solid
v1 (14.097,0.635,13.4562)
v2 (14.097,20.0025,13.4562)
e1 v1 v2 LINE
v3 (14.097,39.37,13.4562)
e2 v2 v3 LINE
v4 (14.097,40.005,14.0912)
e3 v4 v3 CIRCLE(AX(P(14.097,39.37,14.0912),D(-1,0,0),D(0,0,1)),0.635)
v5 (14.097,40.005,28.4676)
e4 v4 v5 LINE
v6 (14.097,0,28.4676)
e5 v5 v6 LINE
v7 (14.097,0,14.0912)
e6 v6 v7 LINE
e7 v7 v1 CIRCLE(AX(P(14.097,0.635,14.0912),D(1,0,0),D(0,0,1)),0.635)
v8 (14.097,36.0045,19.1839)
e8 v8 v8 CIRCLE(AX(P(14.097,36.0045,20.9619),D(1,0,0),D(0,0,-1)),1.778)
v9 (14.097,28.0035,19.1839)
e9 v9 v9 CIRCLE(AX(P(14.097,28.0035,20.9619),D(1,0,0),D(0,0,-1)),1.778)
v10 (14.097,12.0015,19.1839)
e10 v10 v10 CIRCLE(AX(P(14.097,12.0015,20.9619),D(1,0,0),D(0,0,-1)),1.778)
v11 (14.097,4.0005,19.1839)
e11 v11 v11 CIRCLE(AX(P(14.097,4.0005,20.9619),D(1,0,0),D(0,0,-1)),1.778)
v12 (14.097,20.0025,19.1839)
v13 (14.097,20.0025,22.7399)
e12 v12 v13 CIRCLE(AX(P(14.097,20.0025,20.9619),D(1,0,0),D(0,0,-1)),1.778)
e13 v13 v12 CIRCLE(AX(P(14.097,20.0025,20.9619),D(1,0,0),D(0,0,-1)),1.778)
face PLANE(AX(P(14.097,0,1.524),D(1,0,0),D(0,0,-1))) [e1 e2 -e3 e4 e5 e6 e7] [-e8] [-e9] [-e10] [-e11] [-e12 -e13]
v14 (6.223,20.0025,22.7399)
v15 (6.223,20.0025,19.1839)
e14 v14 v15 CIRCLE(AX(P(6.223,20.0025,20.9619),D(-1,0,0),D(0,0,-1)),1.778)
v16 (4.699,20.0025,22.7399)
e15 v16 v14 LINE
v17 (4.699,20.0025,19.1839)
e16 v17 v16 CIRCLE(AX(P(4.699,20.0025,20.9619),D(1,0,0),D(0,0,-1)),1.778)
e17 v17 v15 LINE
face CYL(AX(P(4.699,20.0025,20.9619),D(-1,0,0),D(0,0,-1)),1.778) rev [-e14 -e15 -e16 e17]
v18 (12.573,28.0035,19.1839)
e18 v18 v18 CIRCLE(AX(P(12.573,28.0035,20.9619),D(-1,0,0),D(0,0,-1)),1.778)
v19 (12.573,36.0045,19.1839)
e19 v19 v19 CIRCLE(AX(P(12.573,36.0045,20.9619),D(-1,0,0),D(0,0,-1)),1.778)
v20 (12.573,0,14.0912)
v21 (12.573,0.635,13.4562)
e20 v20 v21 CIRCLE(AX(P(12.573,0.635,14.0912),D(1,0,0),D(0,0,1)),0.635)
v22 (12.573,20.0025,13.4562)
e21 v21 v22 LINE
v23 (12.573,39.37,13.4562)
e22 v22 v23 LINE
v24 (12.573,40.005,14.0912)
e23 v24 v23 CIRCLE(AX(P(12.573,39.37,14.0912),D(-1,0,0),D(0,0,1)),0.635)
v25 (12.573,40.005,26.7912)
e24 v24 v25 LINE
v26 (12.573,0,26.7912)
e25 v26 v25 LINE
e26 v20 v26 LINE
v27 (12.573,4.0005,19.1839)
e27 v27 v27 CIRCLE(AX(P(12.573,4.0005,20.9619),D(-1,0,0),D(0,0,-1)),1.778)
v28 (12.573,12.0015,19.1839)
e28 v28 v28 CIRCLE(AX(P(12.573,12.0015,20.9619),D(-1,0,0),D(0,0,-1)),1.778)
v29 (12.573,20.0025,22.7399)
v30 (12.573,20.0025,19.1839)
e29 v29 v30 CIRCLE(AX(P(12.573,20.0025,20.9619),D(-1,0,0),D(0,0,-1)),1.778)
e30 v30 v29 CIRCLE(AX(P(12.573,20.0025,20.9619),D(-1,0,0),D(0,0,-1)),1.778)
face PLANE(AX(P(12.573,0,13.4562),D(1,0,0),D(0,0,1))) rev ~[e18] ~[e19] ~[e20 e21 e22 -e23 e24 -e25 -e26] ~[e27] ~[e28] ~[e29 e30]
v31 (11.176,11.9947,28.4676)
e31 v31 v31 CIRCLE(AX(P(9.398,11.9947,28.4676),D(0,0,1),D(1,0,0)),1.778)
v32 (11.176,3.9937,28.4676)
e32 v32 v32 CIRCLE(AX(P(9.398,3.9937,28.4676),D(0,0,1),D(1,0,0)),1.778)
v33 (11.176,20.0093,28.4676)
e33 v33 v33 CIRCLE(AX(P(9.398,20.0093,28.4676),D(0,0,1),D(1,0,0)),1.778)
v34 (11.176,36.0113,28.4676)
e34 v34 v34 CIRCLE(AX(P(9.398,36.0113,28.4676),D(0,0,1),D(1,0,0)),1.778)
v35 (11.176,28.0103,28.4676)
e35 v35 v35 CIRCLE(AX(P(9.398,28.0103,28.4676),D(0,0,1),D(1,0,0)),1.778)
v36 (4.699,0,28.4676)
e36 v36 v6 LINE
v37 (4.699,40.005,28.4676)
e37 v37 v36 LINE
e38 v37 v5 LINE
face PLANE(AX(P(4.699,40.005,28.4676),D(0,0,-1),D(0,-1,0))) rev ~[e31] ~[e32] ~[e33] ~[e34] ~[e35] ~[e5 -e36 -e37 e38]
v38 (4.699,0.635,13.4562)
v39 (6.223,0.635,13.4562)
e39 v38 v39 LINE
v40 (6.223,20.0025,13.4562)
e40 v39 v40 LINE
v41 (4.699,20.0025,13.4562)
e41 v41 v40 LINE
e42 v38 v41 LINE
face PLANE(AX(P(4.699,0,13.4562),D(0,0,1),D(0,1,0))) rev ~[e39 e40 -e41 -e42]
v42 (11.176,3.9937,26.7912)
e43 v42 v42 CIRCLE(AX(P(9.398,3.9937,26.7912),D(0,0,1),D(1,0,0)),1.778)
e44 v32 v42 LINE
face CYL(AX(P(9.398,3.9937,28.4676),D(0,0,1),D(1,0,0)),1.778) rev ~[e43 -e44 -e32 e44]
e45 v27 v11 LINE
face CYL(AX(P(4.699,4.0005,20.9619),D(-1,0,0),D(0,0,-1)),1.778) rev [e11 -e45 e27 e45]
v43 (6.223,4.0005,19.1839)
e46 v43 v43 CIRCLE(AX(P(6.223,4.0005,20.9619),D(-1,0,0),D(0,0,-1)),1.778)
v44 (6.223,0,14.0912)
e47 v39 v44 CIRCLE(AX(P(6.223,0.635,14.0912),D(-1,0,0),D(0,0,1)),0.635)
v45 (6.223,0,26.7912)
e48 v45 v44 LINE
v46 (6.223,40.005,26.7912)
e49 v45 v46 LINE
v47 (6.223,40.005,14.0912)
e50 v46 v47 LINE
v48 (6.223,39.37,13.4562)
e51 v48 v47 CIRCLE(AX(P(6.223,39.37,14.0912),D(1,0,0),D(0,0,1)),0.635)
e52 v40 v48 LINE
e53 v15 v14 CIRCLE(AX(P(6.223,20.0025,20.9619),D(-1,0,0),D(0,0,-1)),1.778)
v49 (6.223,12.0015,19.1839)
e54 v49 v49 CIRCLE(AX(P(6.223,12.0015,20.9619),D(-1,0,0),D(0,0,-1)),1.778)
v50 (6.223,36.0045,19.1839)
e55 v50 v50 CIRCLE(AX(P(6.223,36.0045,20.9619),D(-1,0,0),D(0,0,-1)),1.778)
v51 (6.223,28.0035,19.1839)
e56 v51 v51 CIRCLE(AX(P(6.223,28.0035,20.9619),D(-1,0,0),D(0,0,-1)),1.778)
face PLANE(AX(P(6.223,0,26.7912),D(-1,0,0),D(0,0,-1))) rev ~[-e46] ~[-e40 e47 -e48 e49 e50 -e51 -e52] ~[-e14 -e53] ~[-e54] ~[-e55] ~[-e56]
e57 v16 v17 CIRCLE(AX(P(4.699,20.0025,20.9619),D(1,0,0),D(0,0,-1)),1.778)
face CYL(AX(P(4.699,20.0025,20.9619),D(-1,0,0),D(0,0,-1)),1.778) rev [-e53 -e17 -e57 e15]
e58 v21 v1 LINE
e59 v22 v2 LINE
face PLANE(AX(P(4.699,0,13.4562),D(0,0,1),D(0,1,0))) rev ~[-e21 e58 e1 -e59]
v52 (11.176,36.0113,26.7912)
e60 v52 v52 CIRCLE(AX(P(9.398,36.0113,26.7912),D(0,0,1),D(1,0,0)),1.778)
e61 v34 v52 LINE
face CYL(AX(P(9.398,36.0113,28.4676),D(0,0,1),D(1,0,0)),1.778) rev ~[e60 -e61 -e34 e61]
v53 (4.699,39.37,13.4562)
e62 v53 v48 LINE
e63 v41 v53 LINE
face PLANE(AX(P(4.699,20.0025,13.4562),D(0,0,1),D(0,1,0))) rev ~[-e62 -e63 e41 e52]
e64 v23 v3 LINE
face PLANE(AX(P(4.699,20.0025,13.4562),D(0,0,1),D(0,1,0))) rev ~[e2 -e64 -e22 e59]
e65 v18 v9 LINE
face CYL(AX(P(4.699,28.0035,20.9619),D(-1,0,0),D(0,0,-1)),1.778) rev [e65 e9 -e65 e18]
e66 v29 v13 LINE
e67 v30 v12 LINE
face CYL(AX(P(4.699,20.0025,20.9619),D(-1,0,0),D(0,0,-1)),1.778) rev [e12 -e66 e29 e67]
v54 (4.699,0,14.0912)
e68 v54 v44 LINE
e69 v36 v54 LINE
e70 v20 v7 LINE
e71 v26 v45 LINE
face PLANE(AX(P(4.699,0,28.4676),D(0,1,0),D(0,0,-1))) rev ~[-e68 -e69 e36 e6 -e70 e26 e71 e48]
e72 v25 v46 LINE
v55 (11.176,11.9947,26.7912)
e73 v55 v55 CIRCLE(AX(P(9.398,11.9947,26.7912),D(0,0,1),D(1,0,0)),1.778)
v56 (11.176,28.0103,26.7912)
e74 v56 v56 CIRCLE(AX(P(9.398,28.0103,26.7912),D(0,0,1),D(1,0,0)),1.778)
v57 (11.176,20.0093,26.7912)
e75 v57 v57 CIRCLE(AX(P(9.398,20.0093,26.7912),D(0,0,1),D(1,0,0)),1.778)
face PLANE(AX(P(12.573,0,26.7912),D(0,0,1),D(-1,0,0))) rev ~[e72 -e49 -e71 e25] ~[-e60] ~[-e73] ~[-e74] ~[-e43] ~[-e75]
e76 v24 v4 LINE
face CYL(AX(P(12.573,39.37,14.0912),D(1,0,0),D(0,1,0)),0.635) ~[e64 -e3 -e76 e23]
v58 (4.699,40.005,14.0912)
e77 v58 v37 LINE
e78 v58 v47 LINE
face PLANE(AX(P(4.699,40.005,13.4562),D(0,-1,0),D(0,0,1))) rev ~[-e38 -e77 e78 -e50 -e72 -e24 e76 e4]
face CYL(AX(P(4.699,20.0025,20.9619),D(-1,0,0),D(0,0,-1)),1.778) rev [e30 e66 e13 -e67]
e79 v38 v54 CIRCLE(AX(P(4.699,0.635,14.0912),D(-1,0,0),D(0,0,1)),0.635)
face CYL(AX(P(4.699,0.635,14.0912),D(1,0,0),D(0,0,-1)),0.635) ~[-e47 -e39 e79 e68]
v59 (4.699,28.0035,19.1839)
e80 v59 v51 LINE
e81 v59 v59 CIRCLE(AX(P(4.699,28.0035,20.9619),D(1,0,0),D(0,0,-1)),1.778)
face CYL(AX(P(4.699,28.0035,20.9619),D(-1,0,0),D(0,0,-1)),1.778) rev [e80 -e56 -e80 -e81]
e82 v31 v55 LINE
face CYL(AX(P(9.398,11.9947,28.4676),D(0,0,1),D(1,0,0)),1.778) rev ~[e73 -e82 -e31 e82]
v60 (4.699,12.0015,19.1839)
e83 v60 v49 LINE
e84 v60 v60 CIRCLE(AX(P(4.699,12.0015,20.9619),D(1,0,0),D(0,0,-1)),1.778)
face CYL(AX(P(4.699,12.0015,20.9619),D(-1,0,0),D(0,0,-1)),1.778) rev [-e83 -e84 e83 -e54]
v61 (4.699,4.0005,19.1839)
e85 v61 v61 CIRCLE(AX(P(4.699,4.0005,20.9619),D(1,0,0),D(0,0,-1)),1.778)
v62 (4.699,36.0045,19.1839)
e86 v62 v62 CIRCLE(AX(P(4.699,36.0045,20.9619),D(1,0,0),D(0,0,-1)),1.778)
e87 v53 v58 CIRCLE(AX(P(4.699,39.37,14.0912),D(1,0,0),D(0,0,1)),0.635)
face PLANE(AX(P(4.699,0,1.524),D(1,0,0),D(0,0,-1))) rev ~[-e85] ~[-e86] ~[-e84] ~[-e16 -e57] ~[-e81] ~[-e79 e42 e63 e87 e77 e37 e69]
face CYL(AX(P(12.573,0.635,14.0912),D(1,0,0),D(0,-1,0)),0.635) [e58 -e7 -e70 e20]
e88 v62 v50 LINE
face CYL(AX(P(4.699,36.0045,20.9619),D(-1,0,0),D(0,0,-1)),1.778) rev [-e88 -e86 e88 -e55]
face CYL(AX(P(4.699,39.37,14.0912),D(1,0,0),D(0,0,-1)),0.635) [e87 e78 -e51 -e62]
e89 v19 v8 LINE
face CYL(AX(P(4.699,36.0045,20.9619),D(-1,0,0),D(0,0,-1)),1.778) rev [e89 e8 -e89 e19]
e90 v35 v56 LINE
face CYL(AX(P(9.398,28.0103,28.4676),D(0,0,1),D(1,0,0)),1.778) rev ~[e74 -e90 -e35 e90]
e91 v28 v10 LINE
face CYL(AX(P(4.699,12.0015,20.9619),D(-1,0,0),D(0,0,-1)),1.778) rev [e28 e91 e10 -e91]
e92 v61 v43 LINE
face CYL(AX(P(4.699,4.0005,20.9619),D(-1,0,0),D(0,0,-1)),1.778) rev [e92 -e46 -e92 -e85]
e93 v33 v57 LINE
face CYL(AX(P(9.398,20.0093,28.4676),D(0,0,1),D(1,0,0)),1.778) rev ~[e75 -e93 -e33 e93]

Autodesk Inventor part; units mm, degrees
ref_plane "YZ Plane" through (0, 0, 0) normal (1, 0, 0) x (0, 1, 0)
ref_plane "Work Plane1" through (4.699, 0, 1.524) normal (1, 0, 0) x (0, 0, -1)
sketch "Sketch1" plane through (4.699, 0, 1.524) normal (1, 0, 0) x (0, 0, -1)
  line L0 (-11.9322, 40.005) -> (-26.9436, 40.005)
  line L1 (-26.9436, 40.005) -> (-26.9436, 0)
  line L2 (-26.9436, 0) -> (-11.9322, 0)
  line L3 (-11.9322, 0) -> (-11.9322, 40.005)
  circle A0 centre (-19.4379, 20.0025) radius 1.778
  circle A1 centre (-19.4379, 28.0035) radius 1.778
  circle A2 centre (-19.4379, 36.0045) radius 1.778
  line L4 (-11.9322, 20.0025) -> (-25.268, 20.0025)
  circle A3 centre (-19.4379, 12.0015) radius 1.778
  circle A4 centre (-19.4379, 4.0005) radius 1.778
  point P0 (1.524, 0)
  dimension "d0" = 40.005
  dimension "d1" = 15.0114
  dimension "d2" = 3.556
  dimension "d3" = 3.556
  dimension "d4" = 3.556
  dimension "d6" = 8.001
  dimension "d7" = 8.001
extrude "Extrusion1" add sketch "Sketch1" along normal blind 9.398
ref_plane "Work Plane2" through (4.699, 0, 13.4562) normal (0, -1, 0) x (1, 0, 0)
sketch "Sketch2" plane through (4.699, 0, 13.4562) normal (0, -1, 0) x (1, 0, 0)
  line L0 (0, 0) -> (9.398, 0) construction
  line L1 (9.398, 15.0114) -> (9.398, 0) construction
  line L2 (7.874, 13.335) -> (1.524, 13.335)
  line L3 (1.524, 13.335) -> (1.524, 0)
  line L4 (1.524, 0) -> (7.874, 0)
  line L5 (7.874, 0) -> (7.874, 13.335)
  line L6 (0, 0) -> (9.398, 0) construction
  point P0 (-4.699, -13.4562)
  dimension "d10" = 6.35
  dimension "d11" = 1.524
  dimension "d13" = 13.335
extrude "Extrusion2" cut sketch "Sketch2" against normal through all
sketch "Sketch3" plane through (4.699, 0, 28.4676) normal (0, 0, 1) x (1, 0, 0)
  circle A0 centre (4.699, 28.0103) radius 1.778
  circle A1 centre (4.699, 36.0113) radius 1.778
  circle A2 centre (4.699, 20.0093) radius 1.778
  line L0 (0, 18.2245) -> (0, 21.7805) construction
  circle A3 centre (4.699, 11.9947) radius 1.778
  circle A4 centre (4.699, 3.9937) radius 1.778
  point P0 (-4.699, 0)
  dimension "d16" = 3.556
  dimension "d17" = 3.556
  dimension "d19" = 8.001
  dimension "d20" = 8.001
extrude "Extrusion3" cut sketch "Sketch3" against normal through all
fillet "Fillet1" radius 0.635 4 edges at (5.461, 40.005, 13.4562) (5.461, 0, 13.4562) (13.335, 0, 13.4562) (13.335, 40.005, 13.4562)
properties part number "Mini Channel 5 Holes"
